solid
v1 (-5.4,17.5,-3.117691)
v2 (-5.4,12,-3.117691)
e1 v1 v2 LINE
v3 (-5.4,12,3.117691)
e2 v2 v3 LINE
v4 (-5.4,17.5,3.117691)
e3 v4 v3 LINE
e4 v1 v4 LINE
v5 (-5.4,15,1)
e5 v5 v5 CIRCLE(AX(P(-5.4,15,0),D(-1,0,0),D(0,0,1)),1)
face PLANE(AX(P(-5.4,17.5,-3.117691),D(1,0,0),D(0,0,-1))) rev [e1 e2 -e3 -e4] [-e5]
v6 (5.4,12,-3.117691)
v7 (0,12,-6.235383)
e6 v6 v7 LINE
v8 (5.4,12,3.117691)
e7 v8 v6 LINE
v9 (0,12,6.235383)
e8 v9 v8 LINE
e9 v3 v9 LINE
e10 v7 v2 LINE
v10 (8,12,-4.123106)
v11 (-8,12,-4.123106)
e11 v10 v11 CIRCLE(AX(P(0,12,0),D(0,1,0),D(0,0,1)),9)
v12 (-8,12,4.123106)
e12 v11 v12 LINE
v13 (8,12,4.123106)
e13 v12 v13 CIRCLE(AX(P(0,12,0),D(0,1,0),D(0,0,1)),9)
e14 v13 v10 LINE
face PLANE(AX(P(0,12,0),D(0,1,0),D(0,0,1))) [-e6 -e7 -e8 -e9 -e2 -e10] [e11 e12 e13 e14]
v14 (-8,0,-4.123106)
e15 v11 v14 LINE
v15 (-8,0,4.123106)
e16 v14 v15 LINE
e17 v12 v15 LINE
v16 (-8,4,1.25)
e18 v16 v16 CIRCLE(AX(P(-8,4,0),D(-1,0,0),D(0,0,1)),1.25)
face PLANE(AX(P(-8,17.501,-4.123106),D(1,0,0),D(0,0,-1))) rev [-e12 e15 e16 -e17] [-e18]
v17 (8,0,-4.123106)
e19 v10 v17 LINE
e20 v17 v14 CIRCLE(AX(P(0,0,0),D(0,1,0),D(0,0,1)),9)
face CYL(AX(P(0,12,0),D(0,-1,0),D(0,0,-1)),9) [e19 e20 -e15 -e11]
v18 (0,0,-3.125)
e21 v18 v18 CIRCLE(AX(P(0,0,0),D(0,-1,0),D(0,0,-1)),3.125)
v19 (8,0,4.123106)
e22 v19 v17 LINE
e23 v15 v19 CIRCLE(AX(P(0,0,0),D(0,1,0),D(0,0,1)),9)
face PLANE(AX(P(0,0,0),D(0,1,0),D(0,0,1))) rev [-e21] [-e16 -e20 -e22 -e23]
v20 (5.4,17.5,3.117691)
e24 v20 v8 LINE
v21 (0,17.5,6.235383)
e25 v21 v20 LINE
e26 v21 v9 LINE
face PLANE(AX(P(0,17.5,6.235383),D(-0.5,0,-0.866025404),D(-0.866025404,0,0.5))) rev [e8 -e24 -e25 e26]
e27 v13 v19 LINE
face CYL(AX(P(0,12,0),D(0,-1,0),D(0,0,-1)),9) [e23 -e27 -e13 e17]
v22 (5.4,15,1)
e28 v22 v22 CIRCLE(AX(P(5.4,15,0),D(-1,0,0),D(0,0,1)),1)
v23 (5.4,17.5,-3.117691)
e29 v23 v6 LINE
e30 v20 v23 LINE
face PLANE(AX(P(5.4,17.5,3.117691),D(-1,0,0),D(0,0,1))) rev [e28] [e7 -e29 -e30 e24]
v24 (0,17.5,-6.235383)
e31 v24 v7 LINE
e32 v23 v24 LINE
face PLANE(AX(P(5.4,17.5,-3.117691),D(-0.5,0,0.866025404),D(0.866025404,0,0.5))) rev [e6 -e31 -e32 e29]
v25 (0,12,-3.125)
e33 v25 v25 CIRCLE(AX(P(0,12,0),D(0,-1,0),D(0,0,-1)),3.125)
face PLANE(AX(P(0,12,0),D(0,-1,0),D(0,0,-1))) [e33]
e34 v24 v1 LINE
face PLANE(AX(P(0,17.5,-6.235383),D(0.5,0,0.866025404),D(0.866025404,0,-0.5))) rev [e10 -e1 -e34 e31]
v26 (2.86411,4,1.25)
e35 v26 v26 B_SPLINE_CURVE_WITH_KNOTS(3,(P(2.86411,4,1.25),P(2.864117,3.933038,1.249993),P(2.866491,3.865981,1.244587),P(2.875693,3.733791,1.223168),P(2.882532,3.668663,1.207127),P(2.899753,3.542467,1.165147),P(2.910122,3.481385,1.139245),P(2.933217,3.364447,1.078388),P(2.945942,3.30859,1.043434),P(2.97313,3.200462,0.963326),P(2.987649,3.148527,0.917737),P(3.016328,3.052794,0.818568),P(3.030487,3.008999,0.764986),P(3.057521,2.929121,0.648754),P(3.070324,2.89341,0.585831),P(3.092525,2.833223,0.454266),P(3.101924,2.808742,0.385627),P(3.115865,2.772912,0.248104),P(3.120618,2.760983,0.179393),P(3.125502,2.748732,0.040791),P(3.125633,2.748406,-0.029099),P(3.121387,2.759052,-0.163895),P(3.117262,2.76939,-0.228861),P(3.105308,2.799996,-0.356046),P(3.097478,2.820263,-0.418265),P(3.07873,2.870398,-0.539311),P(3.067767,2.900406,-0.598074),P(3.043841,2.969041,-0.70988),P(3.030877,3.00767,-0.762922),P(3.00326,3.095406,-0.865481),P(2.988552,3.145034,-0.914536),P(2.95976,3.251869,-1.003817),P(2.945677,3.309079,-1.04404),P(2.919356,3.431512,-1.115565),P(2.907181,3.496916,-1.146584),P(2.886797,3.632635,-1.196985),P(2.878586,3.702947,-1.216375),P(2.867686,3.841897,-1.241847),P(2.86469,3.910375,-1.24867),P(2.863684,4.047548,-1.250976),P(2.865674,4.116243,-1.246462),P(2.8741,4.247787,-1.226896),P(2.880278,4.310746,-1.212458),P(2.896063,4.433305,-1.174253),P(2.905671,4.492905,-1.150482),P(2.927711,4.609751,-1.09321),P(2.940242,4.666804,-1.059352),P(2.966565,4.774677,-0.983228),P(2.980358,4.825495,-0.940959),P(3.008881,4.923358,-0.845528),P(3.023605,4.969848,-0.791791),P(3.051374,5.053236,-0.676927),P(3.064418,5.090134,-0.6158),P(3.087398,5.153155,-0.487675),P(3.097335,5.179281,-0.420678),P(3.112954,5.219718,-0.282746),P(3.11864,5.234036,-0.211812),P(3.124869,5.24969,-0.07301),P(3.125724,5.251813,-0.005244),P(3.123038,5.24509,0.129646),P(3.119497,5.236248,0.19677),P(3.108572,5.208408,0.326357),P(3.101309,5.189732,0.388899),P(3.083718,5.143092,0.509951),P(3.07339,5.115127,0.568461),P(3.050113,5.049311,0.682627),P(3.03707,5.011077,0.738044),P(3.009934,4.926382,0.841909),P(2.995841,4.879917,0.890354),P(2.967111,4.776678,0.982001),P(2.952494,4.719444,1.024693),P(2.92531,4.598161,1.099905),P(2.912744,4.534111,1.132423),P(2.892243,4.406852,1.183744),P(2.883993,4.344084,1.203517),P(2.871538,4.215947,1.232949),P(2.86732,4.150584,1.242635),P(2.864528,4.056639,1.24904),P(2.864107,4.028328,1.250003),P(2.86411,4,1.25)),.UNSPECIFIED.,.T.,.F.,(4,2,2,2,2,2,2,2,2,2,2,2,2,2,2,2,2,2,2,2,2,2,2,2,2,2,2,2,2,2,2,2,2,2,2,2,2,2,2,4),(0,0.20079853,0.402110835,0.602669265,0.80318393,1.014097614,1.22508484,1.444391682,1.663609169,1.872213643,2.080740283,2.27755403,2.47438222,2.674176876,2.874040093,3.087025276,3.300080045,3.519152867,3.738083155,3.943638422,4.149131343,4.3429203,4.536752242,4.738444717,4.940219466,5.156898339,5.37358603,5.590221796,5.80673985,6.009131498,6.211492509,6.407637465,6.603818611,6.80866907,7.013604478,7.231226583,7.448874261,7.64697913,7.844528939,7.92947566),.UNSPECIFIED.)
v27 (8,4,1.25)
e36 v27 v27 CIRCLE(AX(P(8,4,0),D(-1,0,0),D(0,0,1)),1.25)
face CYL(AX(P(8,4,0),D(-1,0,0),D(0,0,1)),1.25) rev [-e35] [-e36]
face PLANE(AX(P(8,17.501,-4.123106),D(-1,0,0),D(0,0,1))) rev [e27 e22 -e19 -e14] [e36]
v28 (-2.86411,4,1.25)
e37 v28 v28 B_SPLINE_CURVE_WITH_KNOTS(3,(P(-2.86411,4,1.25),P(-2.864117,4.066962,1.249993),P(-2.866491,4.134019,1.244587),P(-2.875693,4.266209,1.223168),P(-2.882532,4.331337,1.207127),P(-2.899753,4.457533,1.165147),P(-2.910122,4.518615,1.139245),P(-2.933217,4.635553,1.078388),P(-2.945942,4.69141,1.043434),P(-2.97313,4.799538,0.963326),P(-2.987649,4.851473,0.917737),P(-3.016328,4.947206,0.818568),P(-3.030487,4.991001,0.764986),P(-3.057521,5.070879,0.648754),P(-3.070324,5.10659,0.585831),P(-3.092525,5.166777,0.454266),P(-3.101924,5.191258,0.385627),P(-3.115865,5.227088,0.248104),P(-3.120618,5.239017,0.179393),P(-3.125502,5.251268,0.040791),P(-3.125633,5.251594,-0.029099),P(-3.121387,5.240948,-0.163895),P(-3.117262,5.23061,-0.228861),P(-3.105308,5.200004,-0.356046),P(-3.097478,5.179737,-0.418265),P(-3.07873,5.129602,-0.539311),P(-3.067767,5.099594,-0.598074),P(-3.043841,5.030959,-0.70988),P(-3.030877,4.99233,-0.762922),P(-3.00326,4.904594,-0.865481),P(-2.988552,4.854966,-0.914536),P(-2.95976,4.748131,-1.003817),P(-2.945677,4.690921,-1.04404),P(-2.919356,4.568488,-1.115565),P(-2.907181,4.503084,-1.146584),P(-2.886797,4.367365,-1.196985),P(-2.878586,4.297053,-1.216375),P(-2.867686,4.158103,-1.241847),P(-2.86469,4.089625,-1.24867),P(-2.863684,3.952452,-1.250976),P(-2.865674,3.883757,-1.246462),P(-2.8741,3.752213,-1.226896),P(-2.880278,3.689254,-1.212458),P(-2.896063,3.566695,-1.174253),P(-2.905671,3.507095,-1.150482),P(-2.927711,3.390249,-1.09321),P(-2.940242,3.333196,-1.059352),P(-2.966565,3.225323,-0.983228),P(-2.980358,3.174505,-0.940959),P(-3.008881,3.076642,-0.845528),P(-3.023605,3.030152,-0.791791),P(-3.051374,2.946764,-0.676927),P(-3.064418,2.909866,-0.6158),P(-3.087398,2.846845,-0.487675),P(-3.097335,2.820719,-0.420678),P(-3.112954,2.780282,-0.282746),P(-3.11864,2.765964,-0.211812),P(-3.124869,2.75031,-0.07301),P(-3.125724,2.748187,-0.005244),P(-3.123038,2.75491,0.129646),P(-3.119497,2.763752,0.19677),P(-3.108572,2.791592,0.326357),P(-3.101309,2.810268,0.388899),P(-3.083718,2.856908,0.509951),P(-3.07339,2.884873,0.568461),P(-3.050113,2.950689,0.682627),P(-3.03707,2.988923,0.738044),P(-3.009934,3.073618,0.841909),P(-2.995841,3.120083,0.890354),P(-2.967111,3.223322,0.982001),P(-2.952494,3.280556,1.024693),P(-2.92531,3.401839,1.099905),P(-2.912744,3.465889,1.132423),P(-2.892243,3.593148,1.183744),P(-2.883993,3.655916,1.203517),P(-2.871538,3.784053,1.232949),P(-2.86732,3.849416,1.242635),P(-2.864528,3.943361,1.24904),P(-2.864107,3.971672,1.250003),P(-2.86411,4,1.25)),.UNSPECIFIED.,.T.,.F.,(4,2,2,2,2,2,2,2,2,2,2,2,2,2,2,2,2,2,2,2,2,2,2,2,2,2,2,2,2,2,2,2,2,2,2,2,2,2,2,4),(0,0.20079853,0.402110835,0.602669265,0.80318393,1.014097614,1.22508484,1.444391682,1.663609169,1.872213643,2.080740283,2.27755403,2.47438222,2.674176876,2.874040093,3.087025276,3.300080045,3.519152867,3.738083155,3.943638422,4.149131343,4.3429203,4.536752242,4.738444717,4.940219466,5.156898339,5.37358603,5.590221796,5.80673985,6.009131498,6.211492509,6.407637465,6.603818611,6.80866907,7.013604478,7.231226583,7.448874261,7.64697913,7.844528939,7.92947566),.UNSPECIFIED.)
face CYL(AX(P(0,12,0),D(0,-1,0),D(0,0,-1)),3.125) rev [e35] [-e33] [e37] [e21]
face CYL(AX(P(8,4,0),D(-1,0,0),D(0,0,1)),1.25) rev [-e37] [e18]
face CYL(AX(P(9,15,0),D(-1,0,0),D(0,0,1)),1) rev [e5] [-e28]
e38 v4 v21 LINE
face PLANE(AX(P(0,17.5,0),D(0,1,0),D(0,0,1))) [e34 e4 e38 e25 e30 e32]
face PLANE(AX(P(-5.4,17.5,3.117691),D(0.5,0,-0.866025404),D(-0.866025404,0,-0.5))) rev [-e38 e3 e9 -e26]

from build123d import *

# Parameters (mm, degrees)
ESBO_O1_R                = 9
RESSALTO_EXTRUS_O1_DEPTH = 12
RESSALTO_EXTRUS_O2_DEPTH = 5.5
ESBO_O3_R                = 1
CORTE_EXTRUS_O1_DEPTH    = 25.384626304
ESBO_O4_R                = 3.125
CORTE_EXTRUS_O2_DEPTH    = 12
CORTE_EXTRUS_O3_REACH    = 23.639
ESBO_O6_R                = 1.25
CORTE_EXTRUS_O4_DEPTH    = 26.362373706


with BuildPart() as part:
    # Esboço1 → Ressalto-extrusão1 (new body)
    with BuildSketch(Plane(origin=(0, 0, 0), x_dir=(1, 0, 0), z_dir=(0, 1, 0))):
        with Locations(Location((0, 0, 0), (0, 0, 270))):
            Circle(ESBO_O1_R)
    extrude(amount=RESSALTO_EXTRUS_O1_DEPTH)

    # Esboço2 → Ressalto-extrusão2 (add)
    with BuildSketch(Plane(origin=(0, 12, 0), x_dir=(1, 0, 0), z_dir=(0, 1, 0))):
        Polygon((0, 6.235382907), (-5.4, 3.117691454), (-5.4, -3.117691454), (0, -6.235382907), (5.4, -3.117691454), (5.4, 3.117691454), align=None)
    extrude(amount=RESSALTO_EXTRUS_O2_DEPTH)

    # Esboço3 → Corte-extrusão1 (cut, through all)
    with BuildSketch(Plane.ZY.offset(5.4)):
        with Locations((0, 15)):
            Circle(ESBO_O3_R)
    extrude(amount=-CORTE_EXTRUS_O1_DEPTH, mode=Mode.SUBTRACT)

    # Esboço4 → Corte-extrusão2 (cut)
    with BuildSketch(Plane.XZ):
        with Locations(Location((0, 0, 0), (0, 0, 270))):
            Circle(ESBO_O4_R)
    extrude(amount=-CORTE_EXTRUS_O2_DEPTH, mode=Mode.SUBTRACT)

    # Esboço5 → Corte-extrusão3 (cut, up to next)
    with BuildSketch(Plane.XZ, mode=Mode.PRIVATE) as corte_extrus_o3_sk1:
        with BuildLine():
            Line((-8, -4.123105626), (-8, 4.123105626))
            ThreePointArc((-8, 4.123105626), (-9, 0), (-8, -4.123105626))
        make_face()
    corte_extrus_o3_tool1 = extrude(corte_extrus_o3_sk1.sketch, amount=-CORTE_EXTRUS_O3_REACH, mode=Mode.PRIVATE) & part.part
    # Esboço5 → Corte-extrusão3 (cut, up to next)
    with BuildSketch(Plane.XZ, mode=Mode.PRIVATE) as corte_extrus_o3_sk2:
        with BuildLine():
            Line((8, -4.123105626), (8, 4.123105626))
            ThreePointArc((8, 4.123105626), (9, 0), (8, -4.123105626))
        make_face()
    corte_extrus_o3_tool2 = extrude(corte_extrus_o3_sk2.sketch, amount=-CORTE_EXTRUS_O3_REACH, mode=Mode.PRIVATE) & part.part
    add(corte_extrus_o3_tool1.solids().sort_by_distance((-8.401968, 0, 0))[0], mode=Mode.SUBTRACT)
    add(corte_extrus_o3_tool2.solids().sort_by_distance((8.401968, 0, 0))[0], mode=Mode.SUBTRACT)

    # Esboço6 → Corte-extrusão4 (cut, through all)
    with BuildSketch(Plane.ZY.offset(8)):
        with Locations((0, 4)):
            Circle(ESBO_O6_R)
    extrude(amount=-CORTE_EXTRUS_O4_DEPTH, mode=Mode.SUBTRACT)


solid = part.part
